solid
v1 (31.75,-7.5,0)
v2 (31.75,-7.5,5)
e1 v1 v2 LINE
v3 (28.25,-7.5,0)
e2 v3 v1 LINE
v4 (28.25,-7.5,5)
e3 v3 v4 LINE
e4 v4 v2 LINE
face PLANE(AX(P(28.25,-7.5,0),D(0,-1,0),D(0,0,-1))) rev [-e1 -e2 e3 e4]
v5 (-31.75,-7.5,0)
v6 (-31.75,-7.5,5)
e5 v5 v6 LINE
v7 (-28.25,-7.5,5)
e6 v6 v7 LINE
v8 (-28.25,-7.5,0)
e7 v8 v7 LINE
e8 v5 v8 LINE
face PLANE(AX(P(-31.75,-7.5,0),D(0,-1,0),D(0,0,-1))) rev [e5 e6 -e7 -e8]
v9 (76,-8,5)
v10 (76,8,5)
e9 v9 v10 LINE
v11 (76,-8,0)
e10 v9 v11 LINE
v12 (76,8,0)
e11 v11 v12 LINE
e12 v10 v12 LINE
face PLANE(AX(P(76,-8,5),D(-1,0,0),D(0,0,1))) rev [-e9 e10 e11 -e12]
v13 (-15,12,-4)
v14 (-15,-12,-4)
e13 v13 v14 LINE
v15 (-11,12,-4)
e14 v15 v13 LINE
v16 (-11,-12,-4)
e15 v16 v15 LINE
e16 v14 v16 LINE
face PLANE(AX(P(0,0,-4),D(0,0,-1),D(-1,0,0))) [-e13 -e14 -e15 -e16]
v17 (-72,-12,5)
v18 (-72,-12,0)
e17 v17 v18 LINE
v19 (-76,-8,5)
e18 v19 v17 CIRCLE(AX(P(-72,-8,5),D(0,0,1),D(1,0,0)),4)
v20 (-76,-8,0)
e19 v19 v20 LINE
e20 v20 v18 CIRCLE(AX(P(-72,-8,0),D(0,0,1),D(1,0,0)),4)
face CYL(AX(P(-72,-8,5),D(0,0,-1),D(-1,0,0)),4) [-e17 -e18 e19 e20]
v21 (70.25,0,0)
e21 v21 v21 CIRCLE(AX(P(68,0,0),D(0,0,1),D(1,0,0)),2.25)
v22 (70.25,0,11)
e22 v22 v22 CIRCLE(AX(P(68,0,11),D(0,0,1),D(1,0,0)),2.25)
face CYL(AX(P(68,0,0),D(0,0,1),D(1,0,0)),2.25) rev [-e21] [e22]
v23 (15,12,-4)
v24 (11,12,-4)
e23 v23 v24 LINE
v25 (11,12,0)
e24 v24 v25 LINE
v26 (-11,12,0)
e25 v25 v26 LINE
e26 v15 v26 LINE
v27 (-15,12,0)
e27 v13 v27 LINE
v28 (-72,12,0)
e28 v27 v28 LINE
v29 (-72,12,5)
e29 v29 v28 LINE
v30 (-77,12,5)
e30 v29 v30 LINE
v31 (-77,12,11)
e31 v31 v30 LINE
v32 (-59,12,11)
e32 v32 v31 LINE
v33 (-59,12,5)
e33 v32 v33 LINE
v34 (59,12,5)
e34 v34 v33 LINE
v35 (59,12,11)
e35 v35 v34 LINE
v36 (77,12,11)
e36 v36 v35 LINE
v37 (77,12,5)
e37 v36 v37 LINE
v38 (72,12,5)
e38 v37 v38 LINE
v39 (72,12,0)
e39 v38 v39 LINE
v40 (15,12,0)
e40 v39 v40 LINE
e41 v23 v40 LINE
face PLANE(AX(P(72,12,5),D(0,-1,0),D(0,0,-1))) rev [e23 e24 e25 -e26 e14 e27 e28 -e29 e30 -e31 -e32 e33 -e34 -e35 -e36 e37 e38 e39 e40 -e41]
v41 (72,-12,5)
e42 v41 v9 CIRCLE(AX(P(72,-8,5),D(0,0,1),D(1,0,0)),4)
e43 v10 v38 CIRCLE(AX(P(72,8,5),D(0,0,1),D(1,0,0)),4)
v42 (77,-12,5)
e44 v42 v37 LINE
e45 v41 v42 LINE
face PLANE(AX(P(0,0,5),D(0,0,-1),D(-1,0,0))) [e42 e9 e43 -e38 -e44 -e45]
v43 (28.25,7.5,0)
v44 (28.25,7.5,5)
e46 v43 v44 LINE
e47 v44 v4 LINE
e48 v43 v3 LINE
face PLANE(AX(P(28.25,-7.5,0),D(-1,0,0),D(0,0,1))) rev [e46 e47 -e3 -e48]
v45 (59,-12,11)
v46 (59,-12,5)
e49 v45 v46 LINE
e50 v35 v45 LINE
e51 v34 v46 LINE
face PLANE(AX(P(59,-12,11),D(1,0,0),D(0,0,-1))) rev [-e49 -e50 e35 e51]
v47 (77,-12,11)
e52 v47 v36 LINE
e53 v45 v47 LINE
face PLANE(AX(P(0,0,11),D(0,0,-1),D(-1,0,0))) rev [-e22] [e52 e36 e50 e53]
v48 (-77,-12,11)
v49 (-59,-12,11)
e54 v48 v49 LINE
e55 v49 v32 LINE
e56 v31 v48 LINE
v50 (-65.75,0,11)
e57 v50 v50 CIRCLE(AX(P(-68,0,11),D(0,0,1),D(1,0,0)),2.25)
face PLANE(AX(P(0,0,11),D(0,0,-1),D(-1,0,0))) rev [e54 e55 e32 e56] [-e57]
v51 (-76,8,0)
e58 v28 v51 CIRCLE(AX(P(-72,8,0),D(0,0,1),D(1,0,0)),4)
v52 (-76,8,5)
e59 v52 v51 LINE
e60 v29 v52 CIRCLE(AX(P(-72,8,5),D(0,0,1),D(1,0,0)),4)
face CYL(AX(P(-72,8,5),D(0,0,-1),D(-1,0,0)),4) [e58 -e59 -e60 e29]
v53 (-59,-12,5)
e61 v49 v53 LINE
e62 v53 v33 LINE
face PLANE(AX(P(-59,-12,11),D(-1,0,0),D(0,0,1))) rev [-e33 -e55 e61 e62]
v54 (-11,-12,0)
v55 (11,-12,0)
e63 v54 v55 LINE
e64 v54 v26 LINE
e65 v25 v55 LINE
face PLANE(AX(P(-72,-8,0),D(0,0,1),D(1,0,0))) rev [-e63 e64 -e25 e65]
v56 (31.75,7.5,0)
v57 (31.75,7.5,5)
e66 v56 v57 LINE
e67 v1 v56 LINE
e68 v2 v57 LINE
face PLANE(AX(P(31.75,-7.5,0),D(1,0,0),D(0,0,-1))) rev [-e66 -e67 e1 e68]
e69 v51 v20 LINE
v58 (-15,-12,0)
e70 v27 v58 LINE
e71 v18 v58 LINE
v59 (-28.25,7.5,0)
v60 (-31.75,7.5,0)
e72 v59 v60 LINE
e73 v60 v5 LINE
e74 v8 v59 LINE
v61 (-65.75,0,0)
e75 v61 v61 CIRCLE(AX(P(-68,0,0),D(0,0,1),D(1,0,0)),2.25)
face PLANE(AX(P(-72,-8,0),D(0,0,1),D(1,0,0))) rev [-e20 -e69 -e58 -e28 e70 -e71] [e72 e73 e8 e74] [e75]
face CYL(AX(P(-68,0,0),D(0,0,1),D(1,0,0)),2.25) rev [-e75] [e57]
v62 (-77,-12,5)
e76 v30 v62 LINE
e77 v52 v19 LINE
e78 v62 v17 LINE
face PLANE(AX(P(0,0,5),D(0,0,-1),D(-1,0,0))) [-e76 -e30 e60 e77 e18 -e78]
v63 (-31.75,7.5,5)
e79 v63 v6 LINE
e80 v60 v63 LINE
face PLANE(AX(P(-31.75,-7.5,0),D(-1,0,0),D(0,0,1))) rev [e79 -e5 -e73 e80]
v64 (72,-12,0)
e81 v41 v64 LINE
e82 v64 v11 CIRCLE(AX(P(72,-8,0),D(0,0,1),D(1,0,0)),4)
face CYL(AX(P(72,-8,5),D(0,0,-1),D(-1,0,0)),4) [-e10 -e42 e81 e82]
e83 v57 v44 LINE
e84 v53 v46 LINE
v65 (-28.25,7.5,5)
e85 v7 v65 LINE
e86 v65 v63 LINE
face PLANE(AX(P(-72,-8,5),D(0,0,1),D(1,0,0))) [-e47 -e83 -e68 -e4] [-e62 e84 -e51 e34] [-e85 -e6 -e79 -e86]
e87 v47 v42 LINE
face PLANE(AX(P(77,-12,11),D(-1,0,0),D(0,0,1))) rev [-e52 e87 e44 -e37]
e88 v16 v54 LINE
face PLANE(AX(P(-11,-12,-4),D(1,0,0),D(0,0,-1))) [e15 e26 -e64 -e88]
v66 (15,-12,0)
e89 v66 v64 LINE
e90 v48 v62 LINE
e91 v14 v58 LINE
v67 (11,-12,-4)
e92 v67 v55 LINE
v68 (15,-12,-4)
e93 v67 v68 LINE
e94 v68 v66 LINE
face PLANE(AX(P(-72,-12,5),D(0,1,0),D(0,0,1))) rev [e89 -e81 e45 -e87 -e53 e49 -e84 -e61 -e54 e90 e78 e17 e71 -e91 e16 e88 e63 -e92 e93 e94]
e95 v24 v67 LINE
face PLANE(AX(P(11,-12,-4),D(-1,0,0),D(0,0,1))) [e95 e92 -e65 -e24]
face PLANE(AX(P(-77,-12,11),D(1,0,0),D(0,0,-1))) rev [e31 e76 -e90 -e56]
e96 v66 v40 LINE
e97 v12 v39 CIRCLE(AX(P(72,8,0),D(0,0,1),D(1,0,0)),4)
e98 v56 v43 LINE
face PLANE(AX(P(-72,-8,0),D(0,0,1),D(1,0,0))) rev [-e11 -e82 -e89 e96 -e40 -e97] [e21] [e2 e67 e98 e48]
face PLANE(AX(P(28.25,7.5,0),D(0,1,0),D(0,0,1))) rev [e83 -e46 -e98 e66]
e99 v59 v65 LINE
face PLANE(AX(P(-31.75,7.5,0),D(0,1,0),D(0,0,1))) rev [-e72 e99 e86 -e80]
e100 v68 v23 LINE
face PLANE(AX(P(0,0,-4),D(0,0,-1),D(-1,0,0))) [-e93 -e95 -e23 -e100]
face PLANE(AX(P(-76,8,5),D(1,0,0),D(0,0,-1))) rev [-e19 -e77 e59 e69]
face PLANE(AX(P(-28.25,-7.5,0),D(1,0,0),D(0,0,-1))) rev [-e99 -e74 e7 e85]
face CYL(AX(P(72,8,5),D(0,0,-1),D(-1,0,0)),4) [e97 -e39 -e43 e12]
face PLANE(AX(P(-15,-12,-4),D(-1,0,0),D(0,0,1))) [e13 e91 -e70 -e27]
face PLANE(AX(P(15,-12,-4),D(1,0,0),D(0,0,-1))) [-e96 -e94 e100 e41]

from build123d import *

# Parameters (mm, degrees)
BOSS_EXTRUDE1_DEPTH = 5
SKETCH2_W           = 18
SKETCH2_H           = 24
BOSS_EXTRUDE2_DEPTH = 6
SKETCH3_R           = 2.25
CUT_EXTRUDE1_DEPTH  = 79.70196948
SKETCH4_W           = 3.5
SKETCH4_H           = 15
CUT_EXTRUDE2_DEPTH  = 79.160092119
SKETCH5_W           = 4
SKETCH5_H           = 24
BOSS_EXTRUDE3_DEPTH = 4


with BuildPart() as part:
    # Sketch1 → Boss-Extrude1 (new body)
    with BuildSketch(Plane.XY):
        with BuildLine():
            Line((-72, -12), (72, -12))
            ThreePointArc((72, -12), (74.828427125, -10.828427125), (76, -8))
            Line((76, -8), (76, 8))
            ThreePointArc((76, 8), (74.828427125, 10.828427125), (72, 12))
            Line((72, 12), (-72, 12))
            ThreePointArc((-72, 12), (-74.828427125, 10.828427125), (-76, 8))
            Line((-76, 8), (-76, -8))
            ThreePointArc((-76, -8), (-74.828427125, -10.828427125), (-72, -12))
        make_face()
    extrude(amount=BOSS_EXTRUDE1_DEPTH)

    # Sketch2 → Boss-Extrude2 (add)
    with BuildSketch(Plane.XY.offset(5)):
        with Locations((-68, 0)):
            Rectangle(SKETCH2_W, SKETCH2_H)
        with Locations((68, 0)):
            Rectangle(SKETCH2_W, SKETCH2_H)
    extrude(amount=BOSS_EXTRUDE2_DEPTH)

    # Sketch3 → Cut-Extrude1 (cut, through all)
    with BuildSketch(Plane.XY.offset(11)):
        with Locations((-68, 0)):
            Circle(SKETCH3_R)
        with Locations((68, 0)):
            Circle(SKETCH3_R)
    extrude(amount=-CUT_EXTRUDE1_DEPTH, mode=Mode.SUBTRACT)

    # Sketch4 → Cut-Extrude2 (cut, through all)
    with BuildSketch(Plane.XY.offset(5)):
        with Locations((-30, 0)):
            Rectangle(SKETCH4_W, SKETCH4_H)
        with Locations((30, 0)):
            Rectangle(SKETCH4_W, SKETCH4_H)
    extrude(amount=-CUT_EXTRUDE2_DEPTH, mode=Mode.SUBTRACT)

    # Sketch5 → Boss-Extrude3 (add)
    with BuildSketch(Plane.XY):
        with Locations((-13, 0)):
            Rectangle(SKETCH5_W, SKETCH5_H)
        with Locations((13, 0)):
            Rectangle(SKETCH5_W, SKETCH5_H)
    extrude(amount=-BOSS_EXTRUDE3_DEPTH)


solid = part.part
